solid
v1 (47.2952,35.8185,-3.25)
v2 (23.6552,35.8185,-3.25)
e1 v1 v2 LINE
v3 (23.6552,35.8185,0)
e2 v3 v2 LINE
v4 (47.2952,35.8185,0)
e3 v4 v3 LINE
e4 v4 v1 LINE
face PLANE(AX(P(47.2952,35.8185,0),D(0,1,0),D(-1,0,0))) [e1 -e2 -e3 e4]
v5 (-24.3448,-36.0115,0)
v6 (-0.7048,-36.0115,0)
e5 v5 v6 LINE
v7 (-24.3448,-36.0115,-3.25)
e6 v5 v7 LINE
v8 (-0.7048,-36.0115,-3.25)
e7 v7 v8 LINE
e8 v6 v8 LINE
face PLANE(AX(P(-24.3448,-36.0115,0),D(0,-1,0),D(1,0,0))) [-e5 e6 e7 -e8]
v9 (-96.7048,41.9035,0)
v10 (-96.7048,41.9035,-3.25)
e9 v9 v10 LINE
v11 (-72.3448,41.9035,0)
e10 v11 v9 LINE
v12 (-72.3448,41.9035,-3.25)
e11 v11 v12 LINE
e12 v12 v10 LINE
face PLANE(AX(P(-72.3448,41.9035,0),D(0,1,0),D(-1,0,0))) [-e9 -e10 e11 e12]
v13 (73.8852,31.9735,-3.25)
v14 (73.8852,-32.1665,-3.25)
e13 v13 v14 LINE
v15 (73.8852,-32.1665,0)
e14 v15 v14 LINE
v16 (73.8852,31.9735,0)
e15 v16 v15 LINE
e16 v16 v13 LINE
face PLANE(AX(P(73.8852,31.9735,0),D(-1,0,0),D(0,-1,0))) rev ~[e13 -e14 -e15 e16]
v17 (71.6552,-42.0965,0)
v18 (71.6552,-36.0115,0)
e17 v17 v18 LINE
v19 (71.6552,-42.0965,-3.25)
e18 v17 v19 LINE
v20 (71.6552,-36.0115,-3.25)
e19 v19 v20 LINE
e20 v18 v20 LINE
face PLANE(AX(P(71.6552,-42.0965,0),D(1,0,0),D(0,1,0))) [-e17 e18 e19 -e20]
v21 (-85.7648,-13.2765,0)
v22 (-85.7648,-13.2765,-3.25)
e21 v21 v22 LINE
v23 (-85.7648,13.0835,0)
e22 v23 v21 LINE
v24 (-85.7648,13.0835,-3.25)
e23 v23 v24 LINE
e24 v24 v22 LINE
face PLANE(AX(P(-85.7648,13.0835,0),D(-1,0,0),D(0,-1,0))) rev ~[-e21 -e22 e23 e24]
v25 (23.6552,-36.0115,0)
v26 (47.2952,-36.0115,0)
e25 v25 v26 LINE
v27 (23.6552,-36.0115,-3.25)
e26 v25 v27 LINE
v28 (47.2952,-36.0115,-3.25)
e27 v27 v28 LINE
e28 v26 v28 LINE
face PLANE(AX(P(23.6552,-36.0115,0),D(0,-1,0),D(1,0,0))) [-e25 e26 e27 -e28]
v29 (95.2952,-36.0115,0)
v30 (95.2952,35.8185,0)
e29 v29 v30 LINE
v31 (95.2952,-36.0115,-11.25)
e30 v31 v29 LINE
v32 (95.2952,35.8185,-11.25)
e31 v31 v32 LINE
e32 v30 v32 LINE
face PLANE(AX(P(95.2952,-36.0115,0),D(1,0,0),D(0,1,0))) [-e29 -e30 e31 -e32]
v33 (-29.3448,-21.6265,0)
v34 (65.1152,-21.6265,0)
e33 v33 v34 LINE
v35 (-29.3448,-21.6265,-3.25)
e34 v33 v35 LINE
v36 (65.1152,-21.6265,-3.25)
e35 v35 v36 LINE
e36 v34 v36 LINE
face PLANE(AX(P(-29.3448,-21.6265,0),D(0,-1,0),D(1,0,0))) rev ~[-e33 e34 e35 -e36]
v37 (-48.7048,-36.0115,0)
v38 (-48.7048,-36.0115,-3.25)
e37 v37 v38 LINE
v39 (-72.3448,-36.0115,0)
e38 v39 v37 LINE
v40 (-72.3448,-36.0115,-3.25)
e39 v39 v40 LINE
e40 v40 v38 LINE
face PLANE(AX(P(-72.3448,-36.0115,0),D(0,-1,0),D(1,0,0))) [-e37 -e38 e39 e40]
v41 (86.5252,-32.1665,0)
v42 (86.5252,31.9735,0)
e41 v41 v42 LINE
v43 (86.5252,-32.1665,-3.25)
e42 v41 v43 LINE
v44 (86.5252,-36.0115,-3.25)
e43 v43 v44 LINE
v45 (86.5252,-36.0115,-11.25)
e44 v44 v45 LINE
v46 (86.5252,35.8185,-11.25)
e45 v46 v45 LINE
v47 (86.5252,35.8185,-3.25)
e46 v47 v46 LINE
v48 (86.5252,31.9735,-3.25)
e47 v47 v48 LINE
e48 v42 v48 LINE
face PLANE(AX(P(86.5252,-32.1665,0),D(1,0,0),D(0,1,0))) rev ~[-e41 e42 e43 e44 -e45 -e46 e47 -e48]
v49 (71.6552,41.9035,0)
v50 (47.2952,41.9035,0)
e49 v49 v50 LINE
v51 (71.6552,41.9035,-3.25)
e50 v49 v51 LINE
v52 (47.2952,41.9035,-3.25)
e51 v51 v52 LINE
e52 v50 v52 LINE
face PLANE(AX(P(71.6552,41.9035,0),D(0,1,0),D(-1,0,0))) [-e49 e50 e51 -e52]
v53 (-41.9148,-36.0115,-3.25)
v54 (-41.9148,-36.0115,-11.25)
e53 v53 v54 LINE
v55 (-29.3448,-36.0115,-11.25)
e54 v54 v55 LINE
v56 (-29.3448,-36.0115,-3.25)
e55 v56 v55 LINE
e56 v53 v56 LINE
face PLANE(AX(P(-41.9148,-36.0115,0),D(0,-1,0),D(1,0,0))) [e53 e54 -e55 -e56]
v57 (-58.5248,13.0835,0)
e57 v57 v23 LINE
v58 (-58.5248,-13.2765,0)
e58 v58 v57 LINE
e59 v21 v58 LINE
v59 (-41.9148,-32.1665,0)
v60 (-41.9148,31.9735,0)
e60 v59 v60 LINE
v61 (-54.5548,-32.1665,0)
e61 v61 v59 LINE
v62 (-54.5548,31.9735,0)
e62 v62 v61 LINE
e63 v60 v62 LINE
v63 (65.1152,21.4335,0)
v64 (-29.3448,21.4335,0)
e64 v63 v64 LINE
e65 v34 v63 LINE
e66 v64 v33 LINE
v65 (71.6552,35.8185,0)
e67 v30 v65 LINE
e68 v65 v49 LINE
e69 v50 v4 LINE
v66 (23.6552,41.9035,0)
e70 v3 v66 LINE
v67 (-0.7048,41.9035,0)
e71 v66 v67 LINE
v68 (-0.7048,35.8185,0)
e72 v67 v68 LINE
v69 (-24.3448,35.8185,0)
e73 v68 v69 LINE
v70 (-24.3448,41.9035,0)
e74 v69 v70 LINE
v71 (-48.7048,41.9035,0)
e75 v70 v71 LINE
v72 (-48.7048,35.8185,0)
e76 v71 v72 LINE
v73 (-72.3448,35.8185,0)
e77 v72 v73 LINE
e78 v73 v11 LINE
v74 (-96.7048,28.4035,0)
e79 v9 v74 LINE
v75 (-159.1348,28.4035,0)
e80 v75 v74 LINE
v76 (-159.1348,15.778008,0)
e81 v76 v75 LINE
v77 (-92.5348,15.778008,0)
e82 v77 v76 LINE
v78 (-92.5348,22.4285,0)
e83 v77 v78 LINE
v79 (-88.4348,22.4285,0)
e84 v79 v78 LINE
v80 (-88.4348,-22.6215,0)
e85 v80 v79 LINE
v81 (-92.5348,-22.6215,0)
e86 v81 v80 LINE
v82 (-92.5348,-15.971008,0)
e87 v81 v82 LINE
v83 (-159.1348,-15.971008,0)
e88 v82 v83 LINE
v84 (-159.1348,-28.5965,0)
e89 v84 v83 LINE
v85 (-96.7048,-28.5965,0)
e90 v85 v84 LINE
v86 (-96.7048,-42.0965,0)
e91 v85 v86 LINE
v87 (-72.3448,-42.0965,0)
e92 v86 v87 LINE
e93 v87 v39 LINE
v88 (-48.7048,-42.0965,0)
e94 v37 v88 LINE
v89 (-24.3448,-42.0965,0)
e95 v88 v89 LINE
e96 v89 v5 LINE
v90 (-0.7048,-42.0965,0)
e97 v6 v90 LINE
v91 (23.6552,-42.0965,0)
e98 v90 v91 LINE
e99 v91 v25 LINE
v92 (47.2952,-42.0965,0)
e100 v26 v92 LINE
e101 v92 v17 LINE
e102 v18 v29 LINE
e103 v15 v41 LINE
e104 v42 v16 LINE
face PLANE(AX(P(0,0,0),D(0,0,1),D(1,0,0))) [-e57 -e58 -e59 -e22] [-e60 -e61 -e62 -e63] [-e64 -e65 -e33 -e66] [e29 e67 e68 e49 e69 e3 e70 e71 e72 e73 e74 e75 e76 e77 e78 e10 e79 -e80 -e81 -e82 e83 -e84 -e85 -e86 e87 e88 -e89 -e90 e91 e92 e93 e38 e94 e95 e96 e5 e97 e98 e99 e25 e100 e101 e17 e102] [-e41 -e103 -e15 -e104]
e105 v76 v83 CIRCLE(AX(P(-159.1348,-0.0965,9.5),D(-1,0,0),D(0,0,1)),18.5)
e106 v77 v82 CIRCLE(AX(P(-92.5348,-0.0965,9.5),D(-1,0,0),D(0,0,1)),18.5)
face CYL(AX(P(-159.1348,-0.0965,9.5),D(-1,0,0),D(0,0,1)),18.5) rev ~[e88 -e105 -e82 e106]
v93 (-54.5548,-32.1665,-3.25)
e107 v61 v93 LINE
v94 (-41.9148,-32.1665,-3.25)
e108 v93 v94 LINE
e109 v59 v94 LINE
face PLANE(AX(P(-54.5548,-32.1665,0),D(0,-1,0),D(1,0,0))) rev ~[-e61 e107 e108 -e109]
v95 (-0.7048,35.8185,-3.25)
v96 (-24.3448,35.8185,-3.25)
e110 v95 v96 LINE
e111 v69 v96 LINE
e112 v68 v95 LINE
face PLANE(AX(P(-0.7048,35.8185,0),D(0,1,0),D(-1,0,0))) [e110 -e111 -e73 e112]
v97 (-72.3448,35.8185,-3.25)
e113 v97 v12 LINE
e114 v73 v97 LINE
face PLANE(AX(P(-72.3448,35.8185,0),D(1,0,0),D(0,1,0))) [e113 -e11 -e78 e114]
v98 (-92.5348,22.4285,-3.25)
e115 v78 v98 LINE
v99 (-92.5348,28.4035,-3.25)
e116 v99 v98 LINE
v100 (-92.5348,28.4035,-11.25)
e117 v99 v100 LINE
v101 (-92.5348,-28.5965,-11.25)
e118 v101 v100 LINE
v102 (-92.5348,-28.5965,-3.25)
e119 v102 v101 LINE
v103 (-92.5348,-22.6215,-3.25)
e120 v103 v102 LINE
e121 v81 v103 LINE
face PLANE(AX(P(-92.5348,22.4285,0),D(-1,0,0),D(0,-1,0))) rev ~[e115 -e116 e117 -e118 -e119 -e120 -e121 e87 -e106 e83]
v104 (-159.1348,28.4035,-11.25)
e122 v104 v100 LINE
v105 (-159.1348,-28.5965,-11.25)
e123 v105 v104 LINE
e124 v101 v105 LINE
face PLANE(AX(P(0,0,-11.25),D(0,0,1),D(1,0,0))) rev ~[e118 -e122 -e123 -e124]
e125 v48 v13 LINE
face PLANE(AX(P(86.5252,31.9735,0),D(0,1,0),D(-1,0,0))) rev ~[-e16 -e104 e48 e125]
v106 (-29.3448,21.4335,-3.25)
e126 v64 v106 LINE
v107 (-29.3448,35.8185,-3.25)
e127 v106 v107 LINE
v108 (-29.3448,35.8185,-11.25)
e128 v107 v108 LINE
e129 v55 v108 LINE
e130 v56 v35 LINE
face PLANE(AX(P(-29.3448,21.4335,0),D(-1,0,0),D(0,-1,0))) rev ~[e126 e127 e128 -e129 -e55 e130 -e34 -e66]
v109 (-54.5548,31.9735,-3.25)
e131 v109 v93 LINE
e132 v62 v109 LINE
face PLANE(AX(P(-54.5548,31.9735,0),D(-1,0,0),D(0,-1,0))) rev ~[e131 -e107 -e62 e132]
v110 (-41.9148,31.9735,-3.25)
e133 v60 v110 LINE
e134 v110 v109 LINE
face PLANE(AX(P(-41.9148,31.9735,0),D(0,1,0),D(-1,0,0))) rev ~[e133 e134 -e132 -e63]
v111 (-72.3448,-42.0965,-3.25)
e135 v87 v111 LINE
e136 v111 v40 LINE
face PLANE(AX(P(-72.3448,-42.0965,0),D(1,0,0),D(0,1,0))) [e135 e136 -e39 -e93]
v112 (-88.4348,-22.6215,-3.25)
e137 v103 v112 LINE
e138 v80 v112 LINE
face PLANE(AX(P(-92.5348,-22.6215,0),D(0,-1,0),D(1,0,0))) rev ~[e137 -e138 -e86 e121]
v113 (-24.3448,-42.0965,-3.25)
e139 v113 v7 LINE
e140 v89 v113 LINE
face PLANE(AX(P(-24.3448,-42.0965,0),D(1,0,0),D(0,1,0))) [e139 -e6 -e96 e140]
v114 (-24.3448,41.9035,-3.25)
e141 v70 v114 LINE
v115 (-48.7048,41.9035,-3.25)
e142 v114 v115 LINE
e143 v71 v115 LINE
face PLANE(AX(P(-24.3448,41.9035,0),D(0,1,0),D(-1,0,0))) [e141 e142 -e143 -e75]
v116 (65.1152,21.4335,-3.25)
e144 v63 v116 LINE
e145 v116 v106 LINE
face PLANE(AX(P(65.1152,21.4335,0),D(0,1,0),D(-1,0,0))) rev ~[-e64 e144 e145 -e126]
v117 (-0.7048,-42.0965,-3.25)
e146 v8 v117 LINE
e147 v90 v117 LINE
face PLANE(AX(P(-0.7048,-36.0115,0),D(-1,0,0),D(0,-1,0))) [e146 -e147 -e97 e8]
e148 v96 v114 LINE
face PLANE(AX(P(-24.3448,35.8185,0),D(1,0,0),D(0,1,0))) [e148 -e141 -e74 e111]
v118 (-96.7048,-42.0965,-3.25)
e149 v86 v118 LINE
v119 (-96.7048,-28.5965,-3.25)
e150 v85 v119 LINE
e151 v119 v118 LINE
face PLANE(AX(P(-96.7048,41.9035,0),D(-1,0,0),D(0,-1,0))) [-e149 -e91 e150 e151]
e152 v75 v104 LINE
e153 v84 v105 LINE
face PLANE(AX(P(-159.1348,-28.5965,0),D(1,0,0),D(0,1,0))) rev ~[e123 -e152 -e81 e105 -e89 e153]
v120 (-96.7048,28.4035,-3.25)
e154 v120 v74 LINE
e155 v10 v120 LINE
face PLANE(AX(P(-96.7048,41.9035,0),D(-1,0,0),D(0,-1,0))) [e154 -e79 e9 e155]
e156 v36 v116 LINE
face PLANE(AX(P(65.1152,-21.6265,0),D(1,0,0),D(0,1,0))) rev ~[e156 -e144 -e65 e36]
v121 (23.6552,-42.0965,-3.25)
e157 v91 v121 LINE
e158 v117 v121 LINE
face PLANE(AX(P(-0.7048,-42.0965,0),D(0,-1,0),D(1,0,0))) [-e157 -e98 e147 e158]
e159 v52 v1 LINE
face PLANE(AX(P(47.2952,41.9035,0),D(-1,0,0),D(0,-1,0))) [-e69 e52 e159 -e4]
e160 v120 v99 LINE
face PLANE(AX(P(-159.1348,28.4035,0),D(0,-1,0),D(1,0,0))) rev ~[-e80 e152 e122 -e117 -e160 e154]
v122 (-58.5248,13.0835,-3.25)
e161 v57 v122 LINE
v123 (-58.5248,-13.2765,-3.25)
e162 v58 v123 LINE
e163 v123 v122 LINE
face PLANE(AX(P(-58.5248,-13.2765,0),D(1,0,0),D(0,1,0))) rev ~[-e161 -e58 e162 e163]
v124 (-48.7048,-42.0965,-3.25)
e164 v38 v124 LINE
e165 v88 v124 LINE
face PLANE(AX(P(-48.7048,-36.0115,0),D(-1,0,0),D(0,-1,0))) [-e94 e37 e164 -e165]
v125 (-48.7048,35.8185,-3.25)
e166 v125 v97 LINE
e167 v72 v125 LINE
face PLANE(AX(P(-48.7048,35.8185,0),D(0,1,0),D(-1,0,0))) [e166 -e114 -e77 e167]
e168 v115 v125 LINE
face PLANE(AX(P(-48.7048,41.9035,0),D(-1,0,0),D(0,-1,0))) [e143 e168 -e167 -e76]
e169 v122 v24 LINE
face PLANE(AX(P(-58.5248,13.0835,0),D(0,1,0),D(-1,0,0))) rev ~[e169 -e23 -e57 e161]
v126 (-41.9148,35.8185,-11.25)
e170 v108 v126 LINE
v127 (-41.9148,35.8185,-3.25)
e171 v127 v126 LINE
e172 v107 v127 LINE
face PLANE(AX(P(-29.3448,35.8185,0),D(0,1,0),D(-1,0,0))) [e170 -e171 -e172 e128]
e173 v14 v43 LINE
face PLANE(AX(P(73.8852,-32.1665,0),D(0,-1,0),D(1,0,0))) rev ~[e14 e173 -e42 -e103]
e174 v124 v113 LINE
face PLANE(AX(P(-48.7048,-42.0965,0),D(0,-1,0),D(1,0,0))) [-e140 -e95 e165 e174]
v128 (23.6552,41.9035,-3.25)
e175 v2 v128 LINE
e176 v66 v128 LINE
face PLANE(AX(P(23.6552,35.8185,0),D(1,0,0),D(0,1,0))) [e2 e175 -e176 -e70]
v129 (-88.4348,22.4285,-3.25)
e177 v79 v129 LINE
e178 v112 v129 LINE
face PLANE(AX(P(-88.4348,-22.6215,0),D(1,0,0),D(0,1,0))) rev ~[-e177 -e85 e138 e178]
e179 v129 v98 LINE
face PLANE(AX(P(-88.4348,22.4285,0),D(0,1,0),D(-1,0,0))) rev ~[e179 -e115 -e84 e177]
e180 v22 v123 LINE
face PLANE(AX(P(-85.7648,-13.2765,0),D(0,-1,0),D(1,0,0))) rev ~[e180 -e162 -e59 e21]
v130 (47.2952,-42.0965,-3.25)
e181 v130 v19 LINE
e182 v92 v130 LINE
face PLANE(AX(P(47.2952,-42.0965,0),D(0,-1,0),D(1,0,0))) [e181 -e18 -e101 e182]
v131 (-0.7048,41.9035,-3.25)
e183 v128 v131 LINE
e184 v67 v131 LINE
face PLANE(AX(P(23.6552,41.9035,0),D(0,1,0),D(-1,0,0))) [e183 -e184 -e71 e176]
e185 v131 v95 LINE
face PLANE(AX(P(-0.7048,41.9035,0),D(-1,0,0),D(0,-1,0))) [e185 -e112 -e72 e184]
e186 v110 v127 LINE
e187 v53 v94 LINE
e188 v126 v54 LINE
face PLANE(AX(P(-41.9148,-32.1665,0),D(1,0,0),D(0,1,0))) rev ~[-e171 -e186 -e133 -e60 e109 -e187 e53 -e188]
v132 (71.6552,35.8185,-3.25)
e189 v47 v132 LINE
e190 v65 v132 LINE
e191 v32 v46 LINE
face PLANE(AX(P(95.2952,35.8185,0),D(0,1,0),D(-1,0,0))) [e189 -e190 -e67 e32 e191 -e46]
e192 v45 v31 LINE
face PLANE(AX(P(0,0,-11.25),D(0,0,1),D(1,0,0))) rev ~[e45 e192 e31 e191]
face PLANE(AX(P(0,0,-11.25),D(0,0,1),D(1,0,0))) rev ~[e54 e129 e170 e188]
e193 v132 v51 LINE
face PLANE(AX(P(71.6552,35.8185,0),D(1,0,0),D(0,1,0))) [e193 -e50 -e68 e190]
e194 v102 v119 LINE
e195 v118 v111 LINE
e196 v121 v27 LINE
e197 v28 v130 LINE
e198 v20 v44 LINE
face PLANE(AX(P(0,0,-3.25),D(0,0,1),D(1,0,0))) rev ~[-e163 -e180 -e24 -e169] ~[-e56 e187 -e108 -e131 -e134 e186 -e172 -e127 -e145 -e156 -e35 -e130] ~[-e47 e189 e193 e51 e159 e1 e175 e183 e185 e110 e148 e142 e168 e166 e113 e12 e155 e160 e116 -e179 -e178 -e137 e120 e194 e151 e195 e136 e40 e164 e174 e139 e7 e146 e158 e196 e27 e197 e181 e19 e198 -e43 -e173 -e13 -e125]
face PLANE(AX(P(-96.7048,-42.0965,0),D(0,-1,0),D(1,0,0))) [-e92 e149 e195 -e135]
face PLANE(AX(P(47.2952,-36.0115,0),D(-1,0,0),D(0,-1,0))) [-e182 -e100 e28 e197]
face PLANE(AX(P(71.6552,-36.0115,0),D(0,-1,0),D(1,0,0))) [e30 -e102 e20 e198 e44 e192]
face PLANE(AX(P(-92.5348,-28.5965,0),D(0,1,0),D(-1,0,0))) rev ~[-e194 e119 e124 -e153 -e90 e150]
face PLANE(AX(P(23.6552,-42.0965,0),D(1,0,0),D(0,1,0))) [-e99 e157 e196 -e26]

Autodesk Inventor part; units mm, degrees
ref_plane "YZ Plane" through (0, 0, 0) normal (1, 0, 0) x (0, 1, 0)
ref_plane "XZ Plane" through (0, 0, 0) normal (0, 1, 0) x (-1, 0, 0)
ref_plane "XY Plane" through (0, 0, 0) normal (0, 0, 1) x (1, 0, 0)
sketch "Sketch1" plane through (0, 0, 0) normal (0, 0, 1) x (1, 0, 0)
  line L0 (-96.7048, 41.9035) -> (-96.7048, -42.0965)
  line L1 (-96.7048, -42.0965) -> (-72.3448, -42.0965)
  line L2 (-72.3448, -42.0965) -> (-72.3448, -36.0115)
  line L3 (-72.3448, -36.0115) -> (-48.7048, -36.0115)
  line L4 (-48.7048, -36.0115) -> (-48.7048, -42.0965)
  line L5 (-48.7048, -42.0965) -> (-24.3448, -42.0965)
  line L6 (-0.7048, -42.0965) -> (23.6552, -42.0965)
  line L7 (47.2952, -42.0965) -> (71.6552, -42.0965)
  line L8 (71.6552, -42.0965) -> (71.6552, -36.0115)
  line L9 (71.6552, -36.0115) -> (95.2952, -36.0115)
  line L10 (95.2952, -36.0115) -> (95.2952, 35.8185)
  line L11 (95.2952, 35.8185) -> (71.6552, 35.8185)
  line L12 (71.6552, 35.8185) -> (71.6552, 41.9035)
  line L13 (71.6552, 41.9035) -> (47.2952, 41.9035)
  line L14 (47.2952, 41.9035) -> (47.2952, 35.8185)
  line L15 (47.2952, 35.8185) -> (23.6552, 35.8185)
  line L16 (23.6552, 35.8185) -> (23.6552, 41.9035)
  line L17 (23.6552, 41.9035) -> (-0.7048, 41.9035)
  line L18 (-0.7048, 41.9035) -> (-0.7048, 35.8185)
  line L19 (-0.7048, 35.8185) -> (-24.3448, 35.8185)
  line L20 (-24.3448, 35.8185) -> (-24.3448, 41.9035)
  line L21 (-24.3448, 41.9035) -> (-48.7048, 41.9035)
  line L22 (-48.7048, 41.9035) -> (-48.7048, 35.8185)
  line L23 (-48.7048, 35.8185) -> (-72.3448, 35.8185)
  line L24 (-72.3448, 35.8185) -> (-72.3448, 41.9035)
  line L25 (-72.3448, 41.9035) -> (-96.7048, 41.9035)
  line L26 (-24.3448, -42.0965) -> (-24.3448, -36.0115)
  line L27 (-24.3448, -36.0115) -> (-0.7048, -36.0115)
  line L28 (-0.7048, -36.0115) -> (-0.7048, -42.0965)
  line L29 (23.6552, -42.0965) -> (23.6552, -36.0115)
  line L30 (23.6552, -36.0115) -> (47.2952, -36.0115)
  line L31 (47.2952, -36.0115) -> (47.2952, -42.0965)
  point P0 (0, 0)
  dimension "d0" = 84
  dimension "d1" = 24.36
  dimension "d2" = 23.64
  dimension "d3" = 24.36
  dimension "d5" = 24.36
  dimension "d8" = 23.64
  dimension "d9" = 71.83
  dimension "d10" = 23.64
  dimension "d11" = 6.085
  dimension "d12" = 6.085
  dimension "d13" = 6.085
  dimension "d14" = 24.36
  dimension "d15" = 23.64
  dimension "d16" = 24.36
  dimension "d17" = 23.64
  dimension "d18" = 24.36
  dimension "d19" = 23.64
  dimension "d20" = 24.36
  dimension "d21" = 23.64
  dimension "d22" = 23.64
extrude "Extrusion1" add sketch "Sketch1" against normal blind 3.25
sketch "Sketch2" plane through (0, 0, 0) normal (0, 0, 1) x (1, 0, 0)
  line L0 (-92.5348, 22.4285) -> (-92.5348, -22.6215)
  line L1 (-92.5348, -22.6215) -> (-88.4348, -22.6215)
  line L2 (-88.4348, -22.6215) -> (-88.4348, 22.4285)
  line L3 (-88.4348, 22.4285) -> (-92.5348, 22.4285)
  line L4 (-96.7048, 41.9035) -> (-96.7048, -42.0965) projected
  line L5 (-72.3448, 41.9035) -> (-96.7048, 41.9035) projected
  line L6 (-85.7648, 13.0835) -> (-85.7648, -13.2765)
  line L7 (-85.7648, -13.2765) -> (-58.5248, -13.2765)
  line L8 (-58.5248, -13.2765) -> (-58.5248, 13.0835)
  line L9 (-58.5248, 13.0835) -> (-85.7648, 13.0835)
  line L10 (-54.5548, 31.9735) -> (-54.5548, -32.1665)
  line L11 (-54.5548, -32.1665) -> (-41.9148, -32.1665)
  line L12 (-41.9148, -32.1665) -> (-41.9148, 31.9735)
  line L13 (-41.9148, 31.9735) -> (-54.5548, 31.9735)
  line L14 (-24.3448, 41.9035) -> (-48.7048, 41.9035) projected
  line L15 (-29.3448, 21.4335) -> (-29.3448, -21.6265)
  line L16 (-29.3448, -21.6265) -> (65.1152, -21.6265)
  line L17 (65.1152, -21.6265) -> (65.1152, 21.4335)
  line L18 (65.1152, 21.4335) -> (-29.3448, 21.4335)
  line L19 (73.8852, 31.9735) -> (73.8852, -32.1665)
  line L20 (73.8852, -32.1665) -> (86.5252, -32.1665)
  line L21 (86.5252, -32.1665) -> (86.5252, 31.9735)
  line L22 (71.6552, 35.8185) -> (95.2952, 35.8185) projected
  line L23 (86.5252, 31.9735) -> (73.8852, 31.9735)
  line L24 (95.2952, -36.0115) -> (95.2952, 35.8185) projected
  point P0 (0, 0)
  dimension "d25" = 4.17
  dimension "d26" = 4.1
  dimension "d27" = 45.05
  dimension "d28" = 19.475
  dimension "d29" = 10.94
  dimension "d30" = 26.36
  dimension "d31" = 27.24
  dimension "d32" = 42.15
  dimension "d33" = 28.82
  dimension "d34" = 64.14
  dimension "d35" = 12.64
  dimension "d36" = 9.93
  dimension "d37" = 67.36
  dimension "d38" = 43.06
  dimension "d39" = 94.46
  dimension "d40" = 20.47
  dimension "d41" = 64.14
  dimension "d42" = 12.64
  dimension "d43" = 3.845
  dimension "d44" = 8.77
extrude "Extrusion2" cut sketch "Sketch2" against normal blind 4
sketch "Sketch3" plane through (0, 0, 0) normal (0, 0, 1) x (1, 0, 0)
  line L0 (-121.7905, 18.4035) -> (-90.4348, 18.4035)
  line L1 (-90.4348, 18.4035) -> (-90.4348, -18.5965)
  line L2 (-88.4348, 22.4285) -> (-88.4348, -22.6215) projected
  line L3 (-90.4348, -18.5965) -> (-121.7905, -18.5965)
  line L4 (-121.7905, -18.5965) -> (-121.7905, 18.4035)
  line L5 (-72.3448, 41.9035) -> (-96.7048, 41.9035) projected
  point P0 (0, 0)
  dimension "d47" = 37
  dimension "d48" = 23.5
  dimension "d49" = 2
extrude "Extrusion3" cut sketch "Sketch3" against normal blind 4
sketch "Sketch9" plane through (0, 0, 0) normal (0, 0, 1) x (1, 0, 0)
  line L0 (-92.5348, 28.4035) -> (-92.5348, -28.5965)
  line L1 (-92.5348, -28.5965) -> (-159.1348, -28.5965)
  line L2 (-159.1348, -28.5965) -> (-159.1348, 28.4035)
  line L3 (-159.1348, 28.4035) -> (-92.5348, 28.4035)
  line L4 (-92.5348, 18.4035) -> (-92.5348, 22.4285) projected
  line L5 (-72.3448, 41.9035) -> (-96.7048, 41.9035) projected
  line L6 (-96.7048, -42.0965) -> (-72.3448, -42.0965) projected
  point P0 (0, 0)
  dimension "d64" = 0
  dimension "d65" = 13.5
  dimension "d66" = 13.5
  dimension "d67" = 66.6
extrude "Extrusion6" add sketch "Sketch9" against normal blind 11.25
sketch "Sketch10" plane through (-159.1348, -28.5965, 0) normal (-1, 0, 0) x (0, 0, 1)
  circle A0 centre (9.5, 28.5) radius 18.5
  line L0 (0, 70.5) -> (-3.25, 70.5) projected
  line L1 (-11.25, 0) -> (-11.25, 57) projected
  point P0 (0, 28.5965)
  dimension "d70" = 42
  dimension "d71" = 37
  dimension "d72" = 20.75
extrude "Extrusion7" cut sketch "Sketch10" against normal blind 66.6
sketch "Sketch11" plane through (0, 0, 0) normal (0, 0, 1) x (1, 0, 0)
  point P0 (0, 0)
sketch "Sketch12" plane through (0, 0, 0) normal (0, 0, 1) x (1, 0, 0)
  line L0 (86.5252, 35.8185) -> (86.5252, -36.0115)
  line L1 (86.5252, -36.0115) -> (95.2952, -36.0115)
  line L2 (95.2952, -36.0115) -> (95.2952, 35.8185)
  line L3 (95.2952, 35.8185) -> (86.5252, 35.8185)
  line L4 (95.2952, -36.0115) -> (95.2952, 35.8185) projected
  line L5 (95.2952, 35.8185) -> (71.6552, 35.8185) projected
  line L6 (86.5252, 31.9735) -> (86.5252, -32.1665) projected
  line L7 (71.6552, -36.0115) -> (95.2952, -36.0115) projected
  line L8 (-41.9148, 12.1175) -> (-41.9148, 35.8185)
  line L9 (-41.9148, 35.8185) -> (-41.9148, -36.0115)
  line L10 (-41.9148, -36.0115) -> (-29.3448, -36.0115)
  line L11 (-41.9148, 31.9735) -> (-41.9148, -32.1665) projected
  line L12 (-29.3448, -36.0115) -> (-29.3448, 35.8185)
  line L13 (-29.3448, -21.6265) -> (-29.3448, 21.4335) projected
  line L14 (-29.3448, 35.8185) -> (-41.9148, 35.8185)
  line L15 (-0.7048, 35.8185) -> (-24.3448, 35.8185) projected
  line L16 (-24.3448, -36.0115) -> (-0.7048, -36.0115) projected
  point P0 (0, 0)
  dimension "d75" = 0
  dimension "d76" = 0
  dimension "d77" = 0
  dimension "d78" = 0
  dimension "d79" = 0
  dimension "d80" = 0
  dimension "d81" = 0
  dimension "d82" = 0
extrude "Extrusion8" add sketch "Sketch12" against normal blind 11.25
properties part number "new base"
